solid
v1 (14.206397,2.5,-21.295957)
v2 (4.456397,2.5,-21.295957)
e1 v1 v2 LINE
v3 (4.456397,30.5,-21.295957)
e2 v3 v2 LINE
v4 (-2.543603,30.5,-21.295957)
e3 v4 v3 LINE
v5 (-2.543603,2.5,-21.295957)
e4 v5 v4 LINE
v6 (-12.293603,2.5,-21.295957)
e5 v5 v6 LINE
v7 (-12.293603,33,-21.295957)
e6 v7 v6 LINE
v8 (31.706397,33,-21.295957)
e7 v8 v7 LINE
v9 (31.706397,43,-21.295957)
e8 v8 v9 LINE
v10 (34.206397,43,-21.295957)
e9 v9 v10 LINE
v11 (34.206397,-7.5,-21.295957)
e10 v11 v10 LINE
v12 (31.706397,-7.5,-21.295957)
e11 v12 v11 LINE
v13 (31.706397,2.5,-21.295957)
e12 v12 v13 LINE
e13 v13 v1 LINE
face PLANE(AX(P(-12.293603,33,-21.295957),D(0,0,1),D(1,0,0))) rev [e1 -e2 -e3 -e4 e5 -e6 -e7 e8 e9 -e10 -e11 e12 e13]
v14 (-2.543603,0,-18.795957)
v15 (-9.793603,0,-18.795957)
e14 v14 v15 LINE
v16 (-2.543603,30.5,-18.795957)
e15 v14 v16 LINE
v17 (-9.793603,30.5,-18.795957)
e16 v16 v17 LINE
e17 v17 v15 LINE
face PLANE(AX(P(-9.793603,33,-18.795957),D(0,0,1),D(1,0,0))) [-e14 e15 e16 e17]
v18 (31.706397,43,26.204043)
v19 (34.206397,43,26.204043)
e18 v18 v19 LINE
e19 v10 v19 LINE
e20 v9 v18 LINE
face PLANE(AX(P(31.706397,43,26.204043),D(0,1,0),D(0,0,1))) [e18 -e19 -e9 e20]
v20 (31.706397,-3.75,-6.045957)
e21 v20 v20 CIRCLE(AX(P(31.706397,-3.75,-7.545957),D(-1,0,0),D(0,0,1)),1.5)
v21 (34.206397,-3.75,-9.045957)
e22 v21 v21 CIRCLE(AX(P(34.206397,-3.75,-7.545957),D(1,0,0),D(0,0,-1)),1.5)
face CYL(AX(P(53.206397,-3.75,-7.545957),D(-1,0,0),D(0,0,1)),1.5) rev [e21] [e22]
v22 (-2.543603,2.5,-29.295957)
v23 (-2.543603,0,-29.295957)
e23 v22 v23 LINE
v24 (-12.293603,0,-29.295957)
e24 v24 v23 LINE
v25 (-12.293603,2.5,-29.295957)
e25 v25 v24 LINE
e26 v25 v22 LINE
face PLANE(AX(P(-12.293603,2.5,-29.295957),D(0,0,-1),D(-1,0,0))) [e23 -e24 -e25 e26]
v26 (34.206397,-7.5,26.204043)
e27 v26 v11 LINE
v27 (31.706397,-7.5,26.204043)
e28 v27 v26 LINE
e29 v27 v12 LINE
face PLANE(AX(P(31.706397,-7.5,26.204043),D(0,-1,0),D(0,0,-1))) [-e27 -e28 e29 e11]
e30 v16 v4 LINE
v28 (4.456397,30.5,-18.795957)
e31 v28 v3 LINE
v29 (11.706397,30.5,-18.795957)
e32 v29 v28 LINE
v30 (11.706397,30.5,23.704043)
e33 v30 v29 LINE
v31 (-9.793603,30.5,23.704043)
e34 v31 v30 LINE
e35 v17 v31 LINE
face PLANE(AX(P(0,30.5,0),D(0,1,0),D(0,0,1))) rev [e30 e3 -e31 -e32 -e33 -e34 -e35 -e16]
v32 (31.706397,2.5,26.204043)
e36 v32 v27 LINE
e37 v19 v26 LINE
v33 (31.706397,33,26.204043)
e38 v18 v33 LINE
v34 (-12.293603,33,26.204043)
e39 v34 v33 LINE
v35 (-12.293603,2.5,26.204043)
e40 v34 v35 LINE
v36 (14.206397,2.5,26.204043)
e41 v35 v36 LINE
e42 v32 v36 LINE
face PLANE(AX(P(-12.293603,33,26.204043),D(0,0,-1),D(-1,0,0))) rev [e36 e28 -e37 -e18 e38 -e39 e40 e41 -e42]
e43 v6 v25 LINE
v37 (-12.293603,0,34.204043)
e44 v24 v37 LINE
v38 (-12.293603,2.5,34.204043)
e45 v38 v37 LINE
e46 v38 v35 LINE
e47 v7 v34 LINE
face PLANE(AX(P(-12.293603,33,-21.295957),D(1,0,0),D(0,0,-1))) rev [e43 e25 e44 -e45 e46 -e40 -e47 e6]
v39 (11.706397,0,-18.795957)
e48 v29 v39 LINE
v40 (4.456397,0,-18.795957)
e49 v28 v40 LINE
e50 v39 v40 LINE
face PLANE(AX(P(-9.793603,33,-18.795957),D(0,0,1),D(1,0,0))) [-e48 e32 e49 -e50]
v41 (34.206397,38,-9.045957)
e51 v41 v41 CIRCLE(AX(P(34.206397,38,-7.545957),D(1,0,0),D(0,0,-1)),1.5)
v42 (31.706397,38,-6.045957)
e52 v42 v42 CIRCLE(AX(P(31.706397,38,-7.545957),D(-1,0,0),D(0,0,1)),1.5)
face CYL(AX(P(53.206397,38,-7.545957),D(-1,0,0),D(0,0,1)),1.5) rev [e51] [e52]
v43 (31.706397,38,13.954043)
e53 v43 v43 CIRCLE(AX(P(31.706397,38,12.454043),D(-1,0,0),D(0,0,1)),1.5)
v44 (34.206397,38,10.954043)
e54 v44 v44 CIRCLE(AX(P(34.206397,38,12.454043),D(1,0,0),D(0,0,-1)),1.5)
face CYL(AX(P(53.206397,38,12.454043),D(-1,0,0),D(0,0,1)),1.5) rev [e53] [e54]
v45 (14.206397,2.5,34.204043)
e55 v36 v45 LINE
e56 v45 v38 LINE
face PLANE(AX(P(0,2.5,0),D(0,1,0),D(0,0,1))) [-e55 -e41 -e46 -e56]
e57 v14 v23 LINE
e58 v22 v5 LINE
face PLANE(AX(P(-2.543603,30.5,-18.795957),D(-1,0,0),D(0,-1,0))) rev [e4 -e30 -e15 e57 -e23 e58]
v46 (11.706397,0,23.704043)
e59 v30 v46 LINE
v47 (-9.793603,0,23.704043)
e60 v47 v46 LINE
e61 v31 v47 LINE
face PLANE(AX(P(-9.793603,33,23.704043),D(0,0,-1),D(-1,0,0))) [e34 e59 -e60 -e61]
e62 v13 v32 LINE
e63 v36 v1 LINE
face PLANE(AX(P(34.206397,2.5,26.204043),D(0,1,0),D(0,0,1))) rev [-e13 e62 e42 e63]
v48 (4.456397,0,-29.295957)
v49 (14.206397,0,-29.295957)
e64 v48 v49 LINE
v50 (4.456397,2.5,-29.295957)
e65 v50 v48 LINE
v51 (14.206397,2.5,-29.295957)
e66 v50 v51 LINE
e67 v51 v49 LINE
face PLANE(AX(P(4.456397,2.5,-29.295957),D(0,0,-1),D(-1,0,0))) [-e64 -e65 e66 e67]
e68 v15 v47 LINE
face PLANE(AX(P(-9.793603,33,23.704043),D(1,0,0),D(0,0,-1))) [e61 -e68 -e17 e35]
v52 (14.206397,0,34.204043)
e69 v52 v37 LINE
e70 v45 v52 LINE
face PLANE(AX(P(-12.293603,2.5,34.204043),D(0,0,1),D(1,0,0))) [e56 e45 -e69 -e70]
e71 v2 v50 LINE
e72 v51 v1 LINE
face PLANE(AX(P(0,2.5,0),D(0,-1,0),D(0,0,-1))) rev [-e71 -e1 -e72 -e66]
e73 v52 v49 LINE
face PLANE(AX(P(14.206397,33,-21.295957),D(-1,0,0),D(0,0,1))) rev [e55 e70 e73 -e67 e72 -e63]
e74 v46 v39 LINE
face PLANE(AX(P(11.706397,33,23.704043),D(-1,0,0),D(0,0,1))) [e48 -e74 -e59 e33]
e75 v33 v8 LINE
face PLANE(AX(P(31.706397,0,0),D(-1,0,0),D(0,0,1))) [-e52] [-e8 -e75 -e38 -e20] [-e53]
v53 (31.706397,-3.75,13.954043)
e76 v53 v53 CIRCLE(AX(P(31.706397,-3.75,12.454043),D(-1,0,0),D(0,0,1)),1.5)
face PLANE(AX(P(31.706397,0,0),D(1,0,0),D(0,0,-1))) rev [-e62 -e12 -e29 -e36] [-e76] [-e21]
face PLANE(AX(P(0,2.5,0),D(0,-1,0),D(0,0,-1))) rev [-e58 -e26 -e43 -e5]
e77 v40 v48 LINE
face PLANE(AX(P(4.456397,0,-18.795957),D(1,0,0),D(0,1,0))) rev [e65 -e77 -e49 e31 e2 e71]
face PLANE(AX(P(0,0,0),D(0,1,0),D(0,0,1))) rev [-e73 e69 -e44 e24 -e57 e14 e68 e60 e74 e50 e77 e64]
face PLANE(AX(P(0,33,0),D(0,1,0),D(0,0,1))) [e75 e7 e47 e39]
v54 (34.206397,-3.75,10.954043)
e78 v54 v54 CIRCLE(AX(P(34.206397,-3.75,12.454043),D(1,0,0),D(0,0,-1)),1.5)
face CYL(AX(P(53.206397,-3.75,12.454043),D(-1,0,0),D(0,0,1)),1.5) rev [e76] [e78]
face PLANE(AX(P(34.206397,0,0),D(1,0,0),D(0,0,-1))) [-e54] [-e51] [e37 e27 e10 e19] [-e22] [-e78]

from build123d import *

# Parameters (mm, degrees)
SKETCH1_W           = 26.5
SKETCH1_H           = 47.5
SKETCH1_W_2         = 21.5
SKETCH1_H_2         = 42.5
BOSS_EXTRUDE1_DEPTH = 33
SKETCH2_W           = 21.5
SKETCH2_H           = 42.5
BOSS_EXTRUDE2_DEPTH = 2.5
CUT_EXTRUDE2_DEPTH  = 2.5
SKETCH4_W           = 9.75
SKETCH4_H           = 8
SKETCH4_W_2         = 26.5
BOSS_EXTRUDE3_DEPTH = 2.5
SKETCH7_W           = 47.5
SKETCH7_H           = 30.5
BOSS_EXTRUDE5_DEPTH = 20
SKETCH8_W           = 47.5
SKETCH8_H           = 10
BOSS_EXTRUDE6_DEPTH = 2.5
SKETCH9_R           = 1.5
CUT_EXTRUDE3_DEPTH  = 21.5


with BuildPart() as part:
    # Sketch1 → Boss-Extrude1 (new body)
    with BuildSketch(Plane(origin=(0, 0, 0), x_dir=(1, 0, 0), z_dir=(0, 1, 0))):
        with Locations((0.956397274, -2.454043299)):
            Rectangle(SKETCH1_W, SKETCH1_H)
        with Locations((0.956397274, -2.454043299)):
            Rectangle(SKETCH1_W_2, SKETCH1_H_2, mode=Mode.SUBTRACT)
    extrude(amount=BOSS_EXTRUDE1_DEPTH)

    # Sketch2 → Boss-Extrude2 (add)
    with BuildSketch(Plane(origin=(0, 33, 0), x_dir=(1, 0, 0), z_dir=(0, 1, 0))):
        with Locations((0.956397274, -2.454043299)):
            Rectangle(SKETCH2_W, SKETCH2_H)
    extrude(amount=-BOSS_EXTRUDE2_DEPTH)

    # Sketch3 → Cut-Extrude2 (cut)
    with BuildSketch(Plane(origin=(0, 0, -21.295956701), x_dir=(-1, 0, 0), z_dir=(0, 0, -1))):
        Polygon((2.543602726, 30.5), (2.543602726, 0), (-0.956397274, 0), (-4.456397274, 0), (-4.456397274, 30.5), align=None)
    extrude(amount=-CUT_EXTRUDE2_DEPTH, mode=Mode.SUBTRACT)

    # Sketch4 → Boss-Extrude3 (add)
    with BuildSketch(Plane.XZ):
        with Locations((-7.418602726, -25.295956701)):
            Rectangle(SKETCH4_W, SKETCH4_H)
        with Locations((0.956397274, 30.204043299)):
            Rectangle(SKETCH4_W_2, SKETCH4_H)
        with Locations((9.331397274, -25.295956701)):
            Rectangle(SKETCH4_W, SKETCH4_H)
    extrude(amount=-BOSS_EXTRUDE3_DEPTH)

    # Sketch7 → Boss-Extrude5 (add)
    with BuildSketch(Plane(origin=(14.206397274, 0, 0), x_dir=(0, 0, -1), z_dir=(1, 0, 0))):
        with Locations((-2.454043299, 17.75)):
            Rectangle(SKETCH7_W, SKETCH7_H)
    extrude(amount=BOSS_EXTRUDE5_DEPTH)

    # Sketch8 → Boss-Extrude6 (add)
    with BuildSketch(Plane(origin=(34.206397274, 0, 0), x_dir=(0, 0, -1), z_dir=(1, 0, 0))):
        with Locations((-2.454043299, 38)):
            Rectangle(SKETCH8_W, SKETCH8_H)
        with Locations((-2.454043299, -2.5)):
            Rectangle(SKETCH8_W, SKETCH8_H)
    extrude(amount=-BOSS_EXTRUDE6_DEPTH)

    # Sketch9 → Cut-Extrude3 (cut)
    with BuildSketch(Plane.ZY.offset(-31.706397274)):
        with Locations((-7.545956701, -3.75)):
            Circle(SKETCH9_R)
        with Locations((12.454043299, -3.75)):
            Circle(SKETCH9_R)
        with Locations((-7.545956701, 38)):
            Circle(SKETCH9_R)
        with Locations((12.454043299, 38)):
            Circle(SKETCH9_R)
    extrude(amount=-CUT_EXTRUDE3_DEPTH, mode=Mode.SUBTRACT)


solid = part.part
